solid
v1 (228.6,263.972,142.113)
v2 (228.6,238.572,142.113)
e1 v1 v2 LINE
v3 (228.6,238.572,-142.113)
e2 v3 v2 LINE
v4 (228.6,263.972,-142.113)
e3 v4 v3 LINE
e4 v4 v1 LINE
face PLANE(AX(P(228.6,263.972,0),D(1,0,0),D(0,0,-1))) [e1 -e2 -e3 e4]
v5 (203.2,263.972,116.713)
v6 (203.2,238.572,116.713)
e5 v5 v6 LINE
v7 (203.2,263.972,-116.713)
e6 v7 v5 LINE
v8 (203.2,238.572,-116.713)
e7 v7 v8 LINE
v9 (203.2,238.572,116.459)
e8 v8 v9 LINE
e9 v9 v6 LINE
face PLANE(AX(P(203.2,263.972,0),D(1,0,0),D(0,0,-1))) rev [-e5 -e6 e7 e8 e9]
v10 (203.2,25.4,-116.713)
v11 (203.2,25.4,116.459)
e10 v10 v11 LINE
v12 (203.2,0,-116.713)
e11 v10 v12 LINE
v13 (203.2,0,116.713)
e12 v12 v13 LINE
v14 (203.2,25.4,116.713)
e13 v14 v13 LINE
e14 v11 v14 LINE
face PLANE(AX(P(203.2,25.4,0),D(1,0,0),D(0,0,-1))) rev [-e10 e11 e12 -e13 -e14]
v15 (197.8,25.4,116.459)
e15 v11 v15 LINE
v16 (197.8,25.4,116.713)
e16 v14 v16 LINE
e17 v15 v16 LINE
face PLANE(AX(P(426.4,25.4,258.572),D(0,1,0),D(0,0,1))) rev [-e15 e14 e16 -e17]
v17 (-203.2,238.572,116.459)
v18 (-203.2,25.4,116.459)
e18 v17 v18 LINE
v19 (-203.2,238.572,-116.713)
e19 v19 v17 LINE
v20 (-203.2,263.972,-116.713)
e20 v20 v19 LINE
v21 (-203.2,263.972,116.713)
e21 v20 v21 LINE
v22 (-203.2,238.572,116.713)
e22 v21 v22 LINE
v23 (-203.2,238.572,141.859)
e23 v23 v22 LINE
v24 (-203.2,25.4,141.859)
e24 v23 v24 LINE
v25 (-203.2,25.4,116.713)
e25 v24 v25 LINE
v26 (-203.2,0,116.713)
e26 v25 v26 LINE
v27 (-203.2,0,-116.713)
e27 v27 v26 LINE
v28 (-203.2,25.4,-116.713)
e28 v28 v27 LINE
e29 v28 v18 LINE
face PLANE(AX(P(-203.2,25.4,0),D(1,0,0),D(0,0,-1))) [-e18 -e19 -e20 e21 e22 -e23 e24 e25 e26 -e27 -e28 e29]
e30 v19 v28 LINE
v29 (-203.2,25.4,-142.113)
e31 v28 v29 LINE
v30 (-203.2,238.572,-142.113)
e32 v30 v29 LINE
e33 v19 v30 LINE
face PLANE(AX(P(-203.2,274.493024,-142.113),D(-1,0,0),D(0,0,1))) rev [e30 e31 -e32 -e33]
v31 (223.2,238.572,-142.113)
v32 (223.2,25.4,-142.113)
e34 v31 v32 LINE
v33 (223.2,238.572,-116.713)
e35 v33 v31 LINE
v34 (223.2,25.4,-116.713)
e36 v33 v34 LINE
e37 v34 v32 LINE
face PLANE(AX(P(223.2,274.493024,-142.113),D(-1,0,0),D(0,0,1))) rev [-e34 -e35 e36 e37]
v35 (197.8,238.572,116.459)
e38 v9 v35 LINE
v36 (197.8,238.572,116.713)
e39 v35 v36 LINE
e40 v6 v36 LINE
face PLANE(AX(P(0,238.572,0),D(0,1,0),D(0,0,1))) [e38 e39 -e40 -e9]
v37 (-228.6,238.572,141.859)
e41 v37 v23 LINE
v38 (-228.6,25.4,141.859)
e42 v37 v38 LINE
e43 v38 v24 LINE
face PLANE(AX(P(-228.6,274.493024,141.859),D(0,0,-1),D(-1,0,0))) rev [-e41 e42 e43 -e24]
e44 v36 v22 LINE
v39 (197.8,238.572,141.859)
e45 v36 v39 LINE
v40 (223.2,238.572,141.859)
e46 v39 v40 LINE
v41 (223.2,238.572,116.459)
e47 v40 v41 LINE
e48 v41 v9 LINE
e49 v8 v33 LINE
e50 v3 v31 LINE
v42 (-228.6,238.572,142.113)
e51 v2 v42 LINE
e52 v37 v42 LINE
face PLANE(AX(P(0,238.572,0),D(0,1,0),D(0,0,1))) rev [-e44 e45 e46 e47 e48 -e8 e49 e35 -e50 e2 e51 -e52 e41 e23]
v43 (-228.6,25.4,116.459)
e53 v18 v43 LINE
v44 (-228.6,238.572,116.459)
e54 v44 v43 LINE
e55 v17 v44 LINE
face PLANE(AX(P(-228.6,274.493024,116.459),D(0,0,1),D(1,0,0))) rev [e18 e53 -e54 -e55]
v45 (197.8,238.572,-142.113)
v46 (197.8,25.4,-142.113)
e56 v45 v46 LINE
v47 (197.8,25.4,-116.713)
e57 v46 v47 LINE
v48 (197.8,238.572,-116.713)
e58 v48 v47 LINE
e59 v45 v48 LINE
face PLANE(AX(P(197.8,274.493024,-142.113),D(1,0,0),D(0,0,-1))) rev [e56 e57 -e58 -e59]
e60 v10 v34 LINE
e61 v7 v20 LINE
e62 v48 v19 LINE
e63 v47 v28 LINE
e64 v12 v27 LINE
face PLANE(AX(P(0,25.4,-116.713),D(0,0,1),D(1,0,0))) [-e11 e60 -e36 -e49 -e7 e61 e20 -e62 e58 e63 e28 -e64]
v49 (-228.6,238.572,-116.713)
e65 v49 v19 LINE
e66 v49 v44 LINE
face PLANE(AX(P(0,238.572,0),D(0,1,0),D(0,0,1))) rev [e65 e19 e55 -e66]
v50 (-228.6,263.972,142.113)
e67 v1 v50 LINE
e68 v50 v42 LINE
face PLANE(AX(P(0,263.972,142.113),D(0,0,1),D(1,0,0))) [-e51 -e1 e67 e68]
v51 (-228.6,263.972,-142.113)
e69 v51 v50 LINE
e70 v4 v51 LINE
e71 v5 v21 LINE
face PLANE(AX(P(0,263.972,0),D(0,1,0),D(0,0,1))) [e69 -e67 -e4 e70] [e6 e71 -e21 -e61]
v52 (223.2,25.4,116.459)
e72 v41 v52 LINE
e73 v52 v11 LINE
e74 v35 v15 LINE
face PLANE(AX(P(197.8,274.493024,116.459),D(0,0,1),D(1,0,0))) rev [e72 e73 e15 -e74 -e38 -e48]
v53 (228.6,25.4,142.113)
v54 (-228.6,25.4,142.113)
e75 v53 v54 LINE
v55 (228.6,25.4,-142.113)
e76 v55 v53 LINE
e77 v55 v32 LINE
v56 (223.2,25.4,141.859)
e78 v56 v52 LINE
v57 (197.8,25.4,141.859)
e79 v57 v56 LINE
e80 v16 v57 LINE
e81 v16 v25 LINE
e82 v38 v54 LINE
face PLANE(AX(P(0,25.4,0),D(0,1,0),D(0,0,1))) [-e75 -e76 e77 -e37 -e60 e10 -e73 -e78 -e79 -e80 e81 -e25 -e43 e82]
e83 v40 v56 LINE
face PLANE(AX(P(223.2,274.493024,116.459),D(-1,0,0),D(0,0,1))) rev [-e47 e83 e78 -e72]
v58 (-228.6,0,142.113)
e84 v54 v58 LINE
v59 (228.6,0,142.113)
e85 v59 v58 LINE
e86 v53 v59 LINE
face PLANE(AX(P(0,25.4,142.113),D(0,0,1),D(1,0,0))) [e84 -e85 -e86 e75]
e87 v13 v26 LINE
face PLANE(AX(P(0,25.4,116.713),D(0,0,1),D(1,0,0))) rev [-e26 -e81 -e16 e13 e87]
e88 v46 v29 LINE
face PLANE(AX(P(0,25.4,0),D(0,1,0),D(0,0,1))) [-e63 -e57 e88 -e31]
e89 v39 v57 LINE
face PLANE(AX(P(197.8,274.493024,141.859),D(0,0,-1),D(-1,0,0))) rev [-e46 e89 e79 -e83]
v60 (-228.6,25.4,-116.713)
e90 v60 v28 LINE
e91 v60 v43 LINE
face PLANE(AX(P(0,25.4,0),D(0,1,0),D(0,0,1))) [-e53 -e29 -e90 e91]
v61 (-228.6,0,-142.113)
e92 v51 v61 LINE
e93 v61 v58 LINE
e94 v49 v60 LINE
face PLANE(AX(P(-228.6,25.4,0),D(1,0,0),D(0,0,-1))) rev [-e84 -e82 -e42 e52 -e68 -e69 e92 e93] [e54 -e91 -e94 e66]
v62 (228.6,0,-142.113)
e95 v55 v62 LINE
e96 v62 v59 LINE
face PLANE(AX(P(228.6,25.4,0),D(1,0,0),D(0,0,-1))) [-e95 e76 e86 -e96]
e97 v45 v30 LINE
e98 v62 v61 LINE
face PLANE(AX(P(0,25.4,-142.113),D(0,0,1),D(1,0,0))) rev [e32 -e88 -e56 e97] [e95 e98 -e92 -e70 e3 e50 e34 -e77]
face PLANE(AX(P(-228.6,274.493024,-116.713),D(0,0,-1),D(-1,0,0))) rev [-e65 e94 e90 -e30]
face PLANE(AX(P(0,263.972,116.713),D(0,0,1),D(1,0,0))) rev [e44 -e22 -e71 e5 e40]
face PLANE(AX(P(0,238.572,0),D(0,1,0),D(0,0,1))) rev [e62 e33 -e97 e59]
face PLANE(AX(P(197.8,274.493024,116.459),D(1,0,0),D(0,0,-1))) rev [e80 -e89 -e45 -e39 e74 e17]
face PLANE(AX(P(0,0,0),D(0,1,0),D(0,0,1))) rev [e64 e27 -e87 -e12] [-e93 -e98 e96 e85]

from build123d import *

# Parameters (mm, degrees)
SKETCH1_W            = 406.4
SKETCH1_H            = 233.426
SKETCH1_W_2          = 25.4
SKETCH1_H_2          = 25.4
BOSS_EXTRUDE1_DEPTH  = 25.4
LPATTERN2_COUNT      = 2
LPATTERN2_PITCH      = 238.572
SKETCH2_W            = 25.4
SKETCH2_H            = 25.4
BOSS_EXTRUDE2_DEPTH  = 213.172
LPATTERN4_COUNT      = 2
LPATTERN4_PITCH      = 426.4
LPATTERN4_COUNT_DIR2 = 2
LPATTERN4_PITCH_DIR2 = 258.572


with BuildPart() as part:
    # Sketch1 → Boss-Extrude1 (new body)
    # profile 1 of 2: a face of its own
    with BuildSketch(Plane(origin=(0, 0, 0), x_dir=(1, 0, 0), z_dir=(0, 1, 0))):
        Polygon((-203.2, 142.113), (-203.2, 116.713), (-228.6, 116.713), (-228.6, -142.113), (228.6, -142.113), (228.6, 142.113), align=None)
        Rectangle(SKETCH1_W, SKETCH1_H, mode=Mode.SUBTRACT)
    # profile 2 of 2: a face of its own
    with BuildSketch(Plane(origin=(0, 0, 0), x_dir=(1, 0, 0), z_dir=(0, 1, 0))):
        with Locations((-215.9, 129.413)):
            Rectangle(SKETCH1_W_2, SKETCH1_H_2)
    extrude(amount=BOSS_EXTRUDE1_DEPTH)


with BuildPart() as lpattern2_1:
    # LPattern2: pattern copy
    add(part.part.moved(Location(Vector(0, 1, 0) * (1 * LPATTERN2_PITCH))))


with BuildPart() as part_1:
    add(part.part)

    add(lpattern2_1.part)  # Boss-Extrude2 merges LPattern2_1
    # Sketch2 → Boss-Extrude2 (add)
    with BuildSketch(Plane(origin=(0, 25.4, 0), x_dir=(1, 0, 0), z_dir=(0, 1, 0))):
        with Locations((-215.9, 129.413)):
            Rectangle(SKETCH2_W, SKETCH2_H)
    boss_extrude2 = extrude(amount=BOSS_EXTRUDE2_DEPTH)

    # LPattern4: Boss-Extrude2 2 × 2
    with Locations(*[(i * LPATTERN4_PITCH, 0, j * LPATTERN4_PITCH_DIR2) for i in range(LPATTERN4_COUNT) for j in range(LPATTERN4_COUNT_DIR2) if (i, j) != (0, 0)]):
        add(boss_extrude2)


solid = part_1.part
